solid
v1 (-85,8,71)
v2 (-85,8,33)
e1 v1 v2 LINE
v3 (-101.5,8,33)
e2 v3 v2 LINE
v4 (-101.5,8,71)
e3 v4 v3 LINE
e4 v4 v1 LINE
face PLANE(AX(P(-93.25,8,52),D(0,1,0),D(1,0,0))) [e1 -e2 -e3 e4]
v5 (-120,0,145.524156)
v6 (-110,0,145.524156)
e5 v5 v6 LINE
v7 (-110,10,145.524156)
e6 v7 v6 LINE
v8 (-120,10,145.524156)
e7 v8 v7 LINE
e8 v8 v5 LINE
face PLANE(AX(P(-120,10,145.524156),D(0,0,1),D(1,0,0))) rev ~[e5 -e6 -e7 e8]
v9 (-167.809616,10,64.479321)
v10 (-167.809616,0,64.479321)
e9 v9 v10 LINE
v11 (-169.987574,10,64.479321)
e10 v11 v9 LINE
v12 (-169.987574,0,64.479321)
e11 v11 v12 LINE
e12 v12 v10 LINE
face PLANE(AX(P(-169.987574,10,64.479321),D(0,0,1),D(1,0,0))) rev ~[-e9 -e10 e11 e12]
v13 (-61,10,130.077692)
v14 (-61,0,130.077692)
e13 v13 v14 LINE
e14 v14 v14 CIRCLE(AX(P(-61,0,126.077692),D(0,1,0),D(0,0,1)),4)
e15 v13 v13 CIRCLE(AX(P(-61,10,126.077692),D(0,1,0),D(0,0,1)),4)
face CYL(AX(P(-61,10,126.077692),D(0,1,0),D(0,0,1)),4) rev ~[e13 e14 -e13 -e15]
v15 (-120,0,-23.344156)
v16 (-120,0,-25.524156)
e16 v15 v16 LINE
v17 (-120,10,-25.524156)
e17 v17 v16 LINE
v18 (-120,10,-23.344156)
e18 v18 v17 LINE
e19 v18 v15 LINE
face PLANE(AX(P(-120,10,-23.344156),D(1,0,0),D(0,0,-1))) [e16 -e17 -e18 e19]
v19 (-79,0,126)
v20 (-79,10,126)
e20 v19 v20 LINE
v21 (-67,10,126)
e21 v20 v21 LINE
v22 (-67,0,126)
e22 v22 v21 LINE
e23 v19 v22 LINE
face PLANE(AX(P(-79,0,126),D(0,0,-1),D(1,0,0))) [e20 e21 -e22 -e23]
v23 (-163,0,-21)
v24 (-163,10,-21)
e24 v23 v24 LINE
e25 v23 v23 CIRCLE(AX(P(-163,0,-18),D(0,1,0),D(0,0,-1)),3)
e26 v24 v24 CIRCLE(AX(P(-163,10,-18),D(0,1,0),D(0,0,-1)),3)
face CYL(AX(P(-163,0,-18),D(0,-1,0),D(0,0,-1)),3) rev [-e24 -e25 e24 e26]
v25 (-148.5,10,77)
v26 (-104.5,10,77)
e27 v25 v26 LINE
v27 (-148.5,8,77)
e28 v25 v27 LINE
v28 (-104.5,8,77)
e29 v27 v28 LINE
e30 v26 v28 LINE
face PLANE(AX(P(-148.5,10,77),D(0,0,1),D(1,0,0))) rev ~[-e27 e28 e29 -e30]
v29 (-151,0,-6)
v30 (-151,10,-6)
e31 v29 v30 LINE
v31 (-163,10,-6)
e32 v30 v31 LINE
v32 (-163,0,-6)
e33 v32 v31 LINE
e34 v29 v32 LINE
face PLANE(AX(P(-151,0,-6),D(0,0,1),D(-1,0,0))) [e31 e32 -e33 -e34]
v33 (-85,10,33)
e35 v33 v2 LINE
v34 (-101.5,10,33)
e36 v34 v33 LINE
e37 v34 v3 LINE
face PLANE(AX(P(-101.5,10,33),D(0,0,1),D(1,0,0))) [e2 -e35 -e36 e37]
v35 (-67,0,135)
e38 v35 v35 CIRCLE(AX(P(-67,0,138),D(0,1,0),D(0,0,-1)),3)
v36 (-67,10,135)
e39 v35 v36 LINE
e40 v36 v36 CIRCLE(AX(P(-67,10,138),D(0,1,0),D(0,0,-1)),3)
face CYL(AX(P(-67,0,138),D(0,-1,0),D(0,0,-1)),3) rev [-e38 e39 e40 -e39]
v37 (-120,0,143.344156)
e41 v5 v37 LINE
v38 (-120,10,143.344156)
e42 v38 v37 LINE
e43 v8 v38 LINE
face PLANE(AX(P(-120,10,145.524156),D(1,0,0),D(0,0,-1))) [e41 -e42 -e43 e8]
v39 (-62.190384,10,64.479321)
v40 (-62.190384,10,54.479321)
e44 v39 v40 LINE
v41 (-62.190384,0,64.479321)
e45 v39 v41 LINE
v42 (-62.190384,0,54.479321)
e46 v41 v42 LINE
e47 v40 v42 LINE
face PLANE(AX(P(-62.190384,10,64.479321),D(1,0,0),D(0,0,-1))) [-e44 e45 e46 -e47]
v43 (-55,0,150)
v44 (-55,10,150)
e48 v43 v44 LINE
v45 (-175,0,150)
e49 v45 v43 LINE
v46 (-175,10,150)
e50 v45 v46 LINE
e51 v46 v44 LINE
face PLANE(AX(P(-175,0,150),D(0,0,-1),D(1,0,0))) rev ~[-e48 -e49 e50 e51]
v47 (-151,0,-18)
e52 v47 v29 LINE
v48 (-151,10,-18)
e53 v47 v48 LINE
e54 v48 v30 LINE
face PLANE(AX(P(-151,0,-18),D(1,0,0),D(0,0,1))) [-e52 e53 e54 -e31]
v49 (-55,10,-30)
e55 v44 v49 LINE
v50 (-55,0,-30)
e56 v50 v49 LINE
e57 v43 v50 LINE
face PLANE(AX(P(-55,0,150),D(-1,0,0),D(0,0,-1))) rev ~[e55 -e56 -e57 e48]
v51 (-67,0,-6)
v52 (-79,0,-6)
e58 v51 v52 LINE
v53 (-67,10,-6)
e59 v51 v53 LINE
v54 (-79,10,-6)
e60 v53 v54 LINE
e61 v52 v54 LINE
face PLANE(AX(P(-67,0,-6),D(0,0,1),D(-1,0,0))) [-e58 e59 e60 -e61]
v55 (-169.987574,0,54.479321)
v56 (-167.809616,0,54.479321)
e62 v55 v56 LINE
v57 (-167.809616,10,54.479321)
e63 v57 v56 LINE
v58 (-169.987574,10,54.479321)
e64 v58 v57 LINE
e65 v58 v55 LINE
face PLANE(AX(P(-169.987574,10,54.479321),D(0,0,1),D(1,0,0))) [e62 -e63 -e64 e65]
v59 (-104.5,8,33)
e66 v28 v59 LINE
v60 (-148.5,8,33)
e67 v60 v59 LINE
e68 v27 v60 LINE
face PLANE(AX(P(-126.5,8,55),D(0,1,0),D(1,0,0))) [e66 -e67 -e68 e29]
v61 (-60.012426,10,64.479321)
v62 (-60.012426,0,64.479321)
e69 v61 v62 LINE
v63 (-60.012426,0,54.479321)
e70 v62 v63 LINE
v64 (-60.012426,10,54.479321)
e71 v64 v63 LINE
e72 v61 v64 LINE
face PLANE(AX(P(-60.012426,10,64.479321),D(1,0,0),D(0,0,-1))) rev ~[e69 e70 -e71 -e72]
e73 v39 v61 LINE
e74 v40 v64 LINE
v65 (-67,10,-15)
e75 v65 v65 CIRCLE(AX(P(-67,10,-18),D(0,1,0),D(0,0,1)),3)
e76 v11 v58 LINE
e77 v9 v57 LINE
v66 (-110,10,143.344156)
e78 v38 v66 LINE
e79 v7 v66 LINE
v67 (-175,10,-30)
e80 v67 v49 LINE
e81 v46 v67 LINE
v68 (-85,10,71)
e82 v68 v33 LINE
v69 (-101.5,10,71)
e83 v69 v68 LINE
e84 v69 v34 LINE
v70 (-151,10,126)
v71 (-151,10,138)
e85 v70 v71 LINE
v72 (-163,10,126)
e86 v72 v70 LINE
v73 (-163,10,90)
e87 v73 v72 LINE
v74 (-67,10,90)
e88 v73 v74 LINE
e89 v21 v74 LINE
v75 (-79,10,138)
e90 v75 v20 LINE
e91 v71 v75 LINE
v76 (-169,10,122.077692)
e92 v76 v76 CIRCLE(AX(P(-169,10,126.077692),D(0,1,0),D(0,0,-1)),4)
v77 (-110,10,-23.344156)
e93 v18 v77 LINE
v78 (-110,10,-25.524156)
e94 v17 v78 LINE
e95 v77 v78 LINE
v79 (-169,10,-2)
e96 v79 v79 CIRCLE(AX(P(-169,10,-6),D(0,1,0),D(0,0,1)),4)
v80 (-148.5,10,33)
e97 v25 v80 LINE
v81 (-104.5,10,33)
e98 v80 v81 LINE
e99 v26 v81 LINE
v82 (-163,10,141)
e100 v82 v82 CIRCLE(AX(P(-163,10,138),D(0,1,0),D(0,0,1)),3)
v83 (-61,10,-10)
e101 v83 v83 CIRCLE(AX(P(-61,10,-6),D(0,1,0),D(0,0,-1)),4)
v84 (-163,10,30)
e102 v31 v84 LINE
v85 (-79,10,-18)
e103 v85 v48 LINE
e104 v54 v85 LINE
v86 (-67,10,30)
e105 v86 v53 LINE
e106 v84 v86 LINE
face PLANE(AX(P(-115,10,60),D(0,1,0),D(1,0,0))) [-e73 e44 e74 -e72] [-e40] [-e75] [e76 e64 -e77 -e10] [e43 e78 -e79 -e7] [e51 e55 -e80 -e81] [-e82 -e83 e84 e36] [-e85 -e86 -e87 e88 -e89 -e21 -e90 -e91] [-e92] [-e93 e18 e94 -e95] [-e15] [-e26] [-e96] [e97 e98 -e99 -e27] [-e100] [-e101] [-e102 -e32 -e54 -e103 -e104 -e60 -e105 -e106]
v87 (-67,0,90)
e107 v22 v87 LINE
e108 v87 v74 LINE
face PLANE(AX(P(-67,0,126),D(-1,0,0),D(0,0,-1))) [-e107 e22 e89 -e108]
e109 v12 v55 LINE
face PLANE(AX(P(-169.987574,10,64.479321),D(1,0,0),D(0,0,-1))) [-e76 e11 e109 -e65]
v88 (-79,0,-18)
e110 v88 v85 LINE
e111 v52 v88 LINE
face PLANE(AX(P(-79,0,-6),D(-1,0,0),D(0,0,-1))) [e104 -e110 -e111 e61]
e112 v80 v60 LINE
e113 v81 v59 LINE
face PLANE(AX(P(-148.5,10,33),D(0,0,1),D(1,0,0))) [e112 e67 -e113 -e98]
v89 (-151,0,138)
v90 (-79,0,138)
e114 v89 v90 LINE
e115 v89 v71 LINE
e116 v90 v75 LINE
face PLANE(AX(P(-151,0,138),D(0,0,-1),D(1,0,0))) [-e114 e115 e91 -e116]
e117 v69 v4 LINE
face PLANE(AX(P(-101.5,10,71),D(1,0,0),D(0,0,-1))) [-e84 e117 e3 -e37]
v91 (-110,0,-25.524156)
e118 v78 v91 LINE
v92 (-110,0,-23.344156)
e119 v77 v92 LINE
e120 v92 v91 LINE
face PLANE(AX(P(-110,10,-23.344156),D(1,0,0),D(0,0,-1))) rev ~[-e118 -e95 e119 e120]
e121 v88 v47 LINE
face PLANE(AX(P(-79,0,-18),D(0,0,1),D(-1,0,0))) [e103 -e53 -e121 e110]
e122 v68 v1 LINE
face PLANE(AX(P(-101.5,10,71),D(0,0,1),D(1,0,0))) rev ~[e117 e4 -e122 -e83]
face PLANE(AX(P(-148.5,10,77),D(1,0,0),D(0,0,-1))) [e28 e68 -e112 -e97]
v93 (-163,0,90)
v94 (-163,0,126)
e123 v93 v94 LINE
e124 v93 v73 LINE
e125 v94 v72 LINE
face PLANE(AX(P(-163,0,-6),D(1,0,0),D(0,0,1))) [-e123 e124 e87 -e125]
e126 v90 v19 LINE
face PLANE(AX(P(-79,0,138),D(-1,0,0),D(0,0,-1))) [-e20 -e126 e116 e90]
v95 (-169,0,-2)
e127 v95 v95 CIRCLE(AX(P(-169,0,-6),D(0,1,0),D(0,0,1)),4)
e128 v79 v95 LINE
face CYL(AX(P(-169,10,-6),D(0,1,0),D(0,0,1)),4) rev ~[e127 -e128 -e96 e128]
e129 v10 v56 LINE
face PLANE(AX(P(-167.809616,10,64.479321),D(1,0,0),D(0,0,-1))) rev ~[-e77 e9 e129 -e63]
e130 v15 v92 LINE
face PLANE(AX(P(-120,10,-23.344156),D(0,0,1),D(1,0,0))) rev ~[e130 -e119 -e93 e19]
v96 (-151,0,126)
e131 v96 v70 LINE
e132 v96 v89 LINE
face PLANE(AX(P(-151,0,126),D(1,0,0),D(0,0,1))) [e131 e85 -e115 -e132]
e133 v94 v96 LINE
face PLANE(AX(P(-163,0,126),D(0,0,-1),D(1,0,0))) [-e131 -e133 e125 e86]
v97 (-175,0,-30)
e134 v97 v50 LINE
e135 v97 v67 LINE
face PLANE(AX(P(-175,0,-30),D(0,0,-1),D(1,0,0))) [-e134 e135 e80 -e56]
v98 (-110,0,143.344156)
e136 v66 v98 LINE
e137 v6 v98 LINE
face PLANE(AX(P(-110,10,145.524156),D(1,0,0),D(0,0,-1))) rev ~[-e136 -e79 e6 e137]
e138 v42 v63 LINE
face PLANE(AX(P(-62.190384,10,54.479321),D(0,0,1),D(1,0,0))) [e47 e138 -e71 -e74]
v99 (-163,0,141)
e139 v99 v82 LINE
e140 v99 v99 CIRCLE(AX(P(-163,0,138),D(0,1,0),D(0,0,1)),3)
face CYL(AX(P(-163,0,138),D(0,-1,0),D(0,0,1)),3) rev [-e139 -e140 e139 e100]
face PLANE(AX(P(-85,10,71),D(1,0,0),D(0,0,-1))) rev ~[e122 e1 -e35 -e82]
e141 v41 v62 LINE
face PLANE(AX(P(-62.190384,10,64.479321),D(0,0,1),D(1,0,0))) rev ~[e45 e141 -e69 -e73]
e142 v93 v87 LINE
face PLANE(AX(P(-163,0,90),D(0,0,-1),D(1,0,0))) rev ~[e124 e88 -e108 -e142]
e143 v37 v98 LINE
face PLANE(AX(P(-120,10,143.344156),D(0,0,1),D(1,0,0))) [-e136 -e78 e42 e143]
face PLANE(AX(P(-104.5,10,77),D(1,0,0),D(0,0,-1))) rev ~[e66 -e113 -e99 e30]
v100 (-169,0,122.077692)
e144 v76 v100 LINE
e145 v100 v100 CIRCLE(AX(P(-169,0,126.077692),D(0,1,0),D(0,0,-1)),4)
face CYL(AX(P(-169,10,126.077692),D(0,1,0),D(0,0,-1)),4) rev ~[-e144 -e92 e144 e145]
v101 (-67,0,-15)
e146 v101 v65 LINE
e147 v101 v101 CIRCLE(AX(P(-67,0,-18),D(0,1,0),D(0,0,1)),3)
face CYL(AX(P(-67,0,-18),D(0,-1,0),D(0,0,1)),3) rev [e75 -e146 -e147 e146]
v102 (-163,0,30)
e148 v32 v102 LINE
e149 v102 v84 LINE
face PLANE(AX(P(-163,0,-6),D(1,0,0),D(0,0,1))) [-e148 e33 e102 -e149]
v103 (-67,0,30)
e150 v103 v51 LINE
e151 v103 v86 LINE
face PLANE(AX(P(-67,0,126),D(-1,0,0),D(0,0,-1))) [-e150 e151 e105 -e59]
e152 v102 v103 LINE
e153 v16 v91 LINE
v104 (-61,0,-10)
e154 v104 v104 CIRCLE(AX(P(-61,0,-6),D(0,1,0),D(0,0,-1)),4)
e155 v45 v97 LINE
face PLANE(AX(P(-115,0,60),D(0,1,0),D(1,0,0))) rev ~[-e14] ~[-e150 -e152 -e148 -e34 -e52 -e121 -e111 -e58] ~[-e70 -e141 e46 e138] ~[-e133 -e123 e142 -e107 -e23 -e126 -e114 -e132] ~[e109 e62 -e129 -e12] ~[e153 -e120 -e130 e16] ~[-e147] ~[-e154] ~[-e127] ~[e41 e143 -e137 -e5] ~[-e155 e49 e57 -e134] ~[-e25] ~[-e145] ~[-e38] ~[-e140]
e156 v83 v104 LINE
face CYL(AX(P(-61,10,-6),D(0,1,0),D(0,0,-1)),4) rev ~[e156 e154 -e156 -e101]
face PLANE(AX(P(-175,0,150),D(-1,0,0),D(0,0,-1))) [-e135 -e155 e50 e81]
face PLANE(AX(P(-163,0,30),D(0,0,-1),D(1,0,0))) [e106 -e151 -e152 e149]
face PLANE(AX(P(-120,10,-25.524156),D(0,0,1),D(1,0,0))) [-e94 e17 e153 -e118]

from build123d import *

# Parameters (mm, degrees)
SKETCH1_W           = 120
SKETCH1_H           = 180
SKETCH1_R           = 3
BOSS_EXTRUDE1_DEPTH = 10
SKETCH2_W           = 96
SKETCH2_H           = 60
BOSS_EXTRUDE2_DEPTH = 10
SKETCH8_R           = 4
SKETCH8_W           = 2.177957771
SKETCH8_H           = 10
SKETCH8_W_2         = 10
SKETCH8_H_2         = 2.18
CUT_EXTRUDE8_DEPTH  = 231.705439901
SKETCH7_W           = 16.5
SKETCH7_H           = 38
CUT_EXTRUDE7_DEPTH  = 2
SKETCH5_W           = 44
SKETCH5_H           = 44
CUT_EXTRUDE5_DEPTH  = 2


with BuildPart() as part:
    # Sketch1 → Boss-Extrude1 (new body)
    with BuildSketch(Plane(origin=(0, 0, 0), x_dir=(1, 0, 0), z_dir=(0, 1, 0))):
        with Locations((-115, -60)):
            Rectangle(SKETCH1_W, SKETCH1_H)
        with Locations(Location((-163, -138, 0), (0, 0, 270))):
            Circle(SKETCH1_R, mode=Mode.SUBTRACT)
        with Locations(Location((-67, -138, 0), (0, 0, 90))):
            Circle(SKETCH1_R, mode=Mode.SUBTRACT)
        with Locations(Location((-163, 18, 0), (0, 0, 90))):
            Circle(SKETCH1_R, mode=Mode.SUBTRACT)
        with Locations(Location((-67, 18, 0), (0, 0, 270))):
            Circle(SKETCH1_R, mode=Mode.SUBTRACT)
        Polygon((-163, 6), (-163, -126), (-151, -126), (-151, -138), (-79, -138), (-79, -126), (-67, -126), (-67, 6), (-79, 6), (-79, 18), (-151, 18), (-151, 6), align=None, mode=Mode.SUBTRACT)
    extrude(amount=BOSS_EXTRUDE1_DEPTH)

    # Sketch2 → Boss-Extrude2 (add)
    with BuildSketch(Plane(origin=(0, 0, 0), x_dir=(1, 0, 0), z_dir=(0, 1, 0))):
        with Locations((-115, -60)):
            Rectangle(SKETCH2_W, SKETCH2_H)
    extrude(amount=BOSS_EXTRUDE2_DEPTH)

    # Sketch8 → Cut-Extrude8 (cut, through all)
    with BuildSketch(Plane(origin=(0, 10, 0), x_dir=(1, 0, 0), z_dir=(0, 1, 0))):
        with Locations(Location((-169, 6, 0), (0, 0, 270))):
            Circle(SKETCH8_R)
        with Locations(Location((-169, -126.077692428, 0), (0, 0, 90))):
            Circle(SKETCH8_R)
        with Locations(Location((-61, -126.077692428, 0), (0, 0, 270))):
            Circle(SKETCH8_R)
        with Locations(Location((-61, 6, 0), (0, 0, 90))):
            Circle(SKETCH8_R)
        with Locations((-168.898595302, -59.479320644)):
            Rectangle(SKETCH8_W, SKETCH8_H)
        with Locations((-115, 24.434155691)):
            Rectangle(SKETCH8_W_2, SKETCH8_H_2)
        with Locations((-61.101404698, -59.479320644)):
            Rectangle(SKETCH8_W, SKETCH8_H)
        with Locations((-115, -144.434155691)):
            Rectangle(SKETCH8_W_2, SKETCH8_H_2)
    extrude(amount=-CUT_EXTRUDE8_DEPTH, mode=Mode.SUBTRACT)

    # Sketch7 → Cut-Extrude7 (cut)
    with BuildSketch(Plane(origin=(0, 10, 0), x_dir=(1, 0, 0), z_dir=(0, 1, 0))):
        with Locations((-93.25, -52)):
            Rectangle(SKETCH7_W, SKETCH7_H)
    extrude(amount=-CUT_EXTRUDE7_DEPTH, mode=Mode.SUBTRACT)

    # Sketch5 → Cut-Extrude5 (cut)
    with BuildSketch(Plane(origin=(0, 10, 0), x_dir=(1, 0, 0), z_dir=(0, 1, 0))):
        with Locations((-126.5, -55)):
            Rectangle(SKETCH5_W, SKETCH5_H)
    extrude(amount=-CUT_EXTRUDE5_DEPTH, mode=Mode.SUBTRACT)


solid = part.part
